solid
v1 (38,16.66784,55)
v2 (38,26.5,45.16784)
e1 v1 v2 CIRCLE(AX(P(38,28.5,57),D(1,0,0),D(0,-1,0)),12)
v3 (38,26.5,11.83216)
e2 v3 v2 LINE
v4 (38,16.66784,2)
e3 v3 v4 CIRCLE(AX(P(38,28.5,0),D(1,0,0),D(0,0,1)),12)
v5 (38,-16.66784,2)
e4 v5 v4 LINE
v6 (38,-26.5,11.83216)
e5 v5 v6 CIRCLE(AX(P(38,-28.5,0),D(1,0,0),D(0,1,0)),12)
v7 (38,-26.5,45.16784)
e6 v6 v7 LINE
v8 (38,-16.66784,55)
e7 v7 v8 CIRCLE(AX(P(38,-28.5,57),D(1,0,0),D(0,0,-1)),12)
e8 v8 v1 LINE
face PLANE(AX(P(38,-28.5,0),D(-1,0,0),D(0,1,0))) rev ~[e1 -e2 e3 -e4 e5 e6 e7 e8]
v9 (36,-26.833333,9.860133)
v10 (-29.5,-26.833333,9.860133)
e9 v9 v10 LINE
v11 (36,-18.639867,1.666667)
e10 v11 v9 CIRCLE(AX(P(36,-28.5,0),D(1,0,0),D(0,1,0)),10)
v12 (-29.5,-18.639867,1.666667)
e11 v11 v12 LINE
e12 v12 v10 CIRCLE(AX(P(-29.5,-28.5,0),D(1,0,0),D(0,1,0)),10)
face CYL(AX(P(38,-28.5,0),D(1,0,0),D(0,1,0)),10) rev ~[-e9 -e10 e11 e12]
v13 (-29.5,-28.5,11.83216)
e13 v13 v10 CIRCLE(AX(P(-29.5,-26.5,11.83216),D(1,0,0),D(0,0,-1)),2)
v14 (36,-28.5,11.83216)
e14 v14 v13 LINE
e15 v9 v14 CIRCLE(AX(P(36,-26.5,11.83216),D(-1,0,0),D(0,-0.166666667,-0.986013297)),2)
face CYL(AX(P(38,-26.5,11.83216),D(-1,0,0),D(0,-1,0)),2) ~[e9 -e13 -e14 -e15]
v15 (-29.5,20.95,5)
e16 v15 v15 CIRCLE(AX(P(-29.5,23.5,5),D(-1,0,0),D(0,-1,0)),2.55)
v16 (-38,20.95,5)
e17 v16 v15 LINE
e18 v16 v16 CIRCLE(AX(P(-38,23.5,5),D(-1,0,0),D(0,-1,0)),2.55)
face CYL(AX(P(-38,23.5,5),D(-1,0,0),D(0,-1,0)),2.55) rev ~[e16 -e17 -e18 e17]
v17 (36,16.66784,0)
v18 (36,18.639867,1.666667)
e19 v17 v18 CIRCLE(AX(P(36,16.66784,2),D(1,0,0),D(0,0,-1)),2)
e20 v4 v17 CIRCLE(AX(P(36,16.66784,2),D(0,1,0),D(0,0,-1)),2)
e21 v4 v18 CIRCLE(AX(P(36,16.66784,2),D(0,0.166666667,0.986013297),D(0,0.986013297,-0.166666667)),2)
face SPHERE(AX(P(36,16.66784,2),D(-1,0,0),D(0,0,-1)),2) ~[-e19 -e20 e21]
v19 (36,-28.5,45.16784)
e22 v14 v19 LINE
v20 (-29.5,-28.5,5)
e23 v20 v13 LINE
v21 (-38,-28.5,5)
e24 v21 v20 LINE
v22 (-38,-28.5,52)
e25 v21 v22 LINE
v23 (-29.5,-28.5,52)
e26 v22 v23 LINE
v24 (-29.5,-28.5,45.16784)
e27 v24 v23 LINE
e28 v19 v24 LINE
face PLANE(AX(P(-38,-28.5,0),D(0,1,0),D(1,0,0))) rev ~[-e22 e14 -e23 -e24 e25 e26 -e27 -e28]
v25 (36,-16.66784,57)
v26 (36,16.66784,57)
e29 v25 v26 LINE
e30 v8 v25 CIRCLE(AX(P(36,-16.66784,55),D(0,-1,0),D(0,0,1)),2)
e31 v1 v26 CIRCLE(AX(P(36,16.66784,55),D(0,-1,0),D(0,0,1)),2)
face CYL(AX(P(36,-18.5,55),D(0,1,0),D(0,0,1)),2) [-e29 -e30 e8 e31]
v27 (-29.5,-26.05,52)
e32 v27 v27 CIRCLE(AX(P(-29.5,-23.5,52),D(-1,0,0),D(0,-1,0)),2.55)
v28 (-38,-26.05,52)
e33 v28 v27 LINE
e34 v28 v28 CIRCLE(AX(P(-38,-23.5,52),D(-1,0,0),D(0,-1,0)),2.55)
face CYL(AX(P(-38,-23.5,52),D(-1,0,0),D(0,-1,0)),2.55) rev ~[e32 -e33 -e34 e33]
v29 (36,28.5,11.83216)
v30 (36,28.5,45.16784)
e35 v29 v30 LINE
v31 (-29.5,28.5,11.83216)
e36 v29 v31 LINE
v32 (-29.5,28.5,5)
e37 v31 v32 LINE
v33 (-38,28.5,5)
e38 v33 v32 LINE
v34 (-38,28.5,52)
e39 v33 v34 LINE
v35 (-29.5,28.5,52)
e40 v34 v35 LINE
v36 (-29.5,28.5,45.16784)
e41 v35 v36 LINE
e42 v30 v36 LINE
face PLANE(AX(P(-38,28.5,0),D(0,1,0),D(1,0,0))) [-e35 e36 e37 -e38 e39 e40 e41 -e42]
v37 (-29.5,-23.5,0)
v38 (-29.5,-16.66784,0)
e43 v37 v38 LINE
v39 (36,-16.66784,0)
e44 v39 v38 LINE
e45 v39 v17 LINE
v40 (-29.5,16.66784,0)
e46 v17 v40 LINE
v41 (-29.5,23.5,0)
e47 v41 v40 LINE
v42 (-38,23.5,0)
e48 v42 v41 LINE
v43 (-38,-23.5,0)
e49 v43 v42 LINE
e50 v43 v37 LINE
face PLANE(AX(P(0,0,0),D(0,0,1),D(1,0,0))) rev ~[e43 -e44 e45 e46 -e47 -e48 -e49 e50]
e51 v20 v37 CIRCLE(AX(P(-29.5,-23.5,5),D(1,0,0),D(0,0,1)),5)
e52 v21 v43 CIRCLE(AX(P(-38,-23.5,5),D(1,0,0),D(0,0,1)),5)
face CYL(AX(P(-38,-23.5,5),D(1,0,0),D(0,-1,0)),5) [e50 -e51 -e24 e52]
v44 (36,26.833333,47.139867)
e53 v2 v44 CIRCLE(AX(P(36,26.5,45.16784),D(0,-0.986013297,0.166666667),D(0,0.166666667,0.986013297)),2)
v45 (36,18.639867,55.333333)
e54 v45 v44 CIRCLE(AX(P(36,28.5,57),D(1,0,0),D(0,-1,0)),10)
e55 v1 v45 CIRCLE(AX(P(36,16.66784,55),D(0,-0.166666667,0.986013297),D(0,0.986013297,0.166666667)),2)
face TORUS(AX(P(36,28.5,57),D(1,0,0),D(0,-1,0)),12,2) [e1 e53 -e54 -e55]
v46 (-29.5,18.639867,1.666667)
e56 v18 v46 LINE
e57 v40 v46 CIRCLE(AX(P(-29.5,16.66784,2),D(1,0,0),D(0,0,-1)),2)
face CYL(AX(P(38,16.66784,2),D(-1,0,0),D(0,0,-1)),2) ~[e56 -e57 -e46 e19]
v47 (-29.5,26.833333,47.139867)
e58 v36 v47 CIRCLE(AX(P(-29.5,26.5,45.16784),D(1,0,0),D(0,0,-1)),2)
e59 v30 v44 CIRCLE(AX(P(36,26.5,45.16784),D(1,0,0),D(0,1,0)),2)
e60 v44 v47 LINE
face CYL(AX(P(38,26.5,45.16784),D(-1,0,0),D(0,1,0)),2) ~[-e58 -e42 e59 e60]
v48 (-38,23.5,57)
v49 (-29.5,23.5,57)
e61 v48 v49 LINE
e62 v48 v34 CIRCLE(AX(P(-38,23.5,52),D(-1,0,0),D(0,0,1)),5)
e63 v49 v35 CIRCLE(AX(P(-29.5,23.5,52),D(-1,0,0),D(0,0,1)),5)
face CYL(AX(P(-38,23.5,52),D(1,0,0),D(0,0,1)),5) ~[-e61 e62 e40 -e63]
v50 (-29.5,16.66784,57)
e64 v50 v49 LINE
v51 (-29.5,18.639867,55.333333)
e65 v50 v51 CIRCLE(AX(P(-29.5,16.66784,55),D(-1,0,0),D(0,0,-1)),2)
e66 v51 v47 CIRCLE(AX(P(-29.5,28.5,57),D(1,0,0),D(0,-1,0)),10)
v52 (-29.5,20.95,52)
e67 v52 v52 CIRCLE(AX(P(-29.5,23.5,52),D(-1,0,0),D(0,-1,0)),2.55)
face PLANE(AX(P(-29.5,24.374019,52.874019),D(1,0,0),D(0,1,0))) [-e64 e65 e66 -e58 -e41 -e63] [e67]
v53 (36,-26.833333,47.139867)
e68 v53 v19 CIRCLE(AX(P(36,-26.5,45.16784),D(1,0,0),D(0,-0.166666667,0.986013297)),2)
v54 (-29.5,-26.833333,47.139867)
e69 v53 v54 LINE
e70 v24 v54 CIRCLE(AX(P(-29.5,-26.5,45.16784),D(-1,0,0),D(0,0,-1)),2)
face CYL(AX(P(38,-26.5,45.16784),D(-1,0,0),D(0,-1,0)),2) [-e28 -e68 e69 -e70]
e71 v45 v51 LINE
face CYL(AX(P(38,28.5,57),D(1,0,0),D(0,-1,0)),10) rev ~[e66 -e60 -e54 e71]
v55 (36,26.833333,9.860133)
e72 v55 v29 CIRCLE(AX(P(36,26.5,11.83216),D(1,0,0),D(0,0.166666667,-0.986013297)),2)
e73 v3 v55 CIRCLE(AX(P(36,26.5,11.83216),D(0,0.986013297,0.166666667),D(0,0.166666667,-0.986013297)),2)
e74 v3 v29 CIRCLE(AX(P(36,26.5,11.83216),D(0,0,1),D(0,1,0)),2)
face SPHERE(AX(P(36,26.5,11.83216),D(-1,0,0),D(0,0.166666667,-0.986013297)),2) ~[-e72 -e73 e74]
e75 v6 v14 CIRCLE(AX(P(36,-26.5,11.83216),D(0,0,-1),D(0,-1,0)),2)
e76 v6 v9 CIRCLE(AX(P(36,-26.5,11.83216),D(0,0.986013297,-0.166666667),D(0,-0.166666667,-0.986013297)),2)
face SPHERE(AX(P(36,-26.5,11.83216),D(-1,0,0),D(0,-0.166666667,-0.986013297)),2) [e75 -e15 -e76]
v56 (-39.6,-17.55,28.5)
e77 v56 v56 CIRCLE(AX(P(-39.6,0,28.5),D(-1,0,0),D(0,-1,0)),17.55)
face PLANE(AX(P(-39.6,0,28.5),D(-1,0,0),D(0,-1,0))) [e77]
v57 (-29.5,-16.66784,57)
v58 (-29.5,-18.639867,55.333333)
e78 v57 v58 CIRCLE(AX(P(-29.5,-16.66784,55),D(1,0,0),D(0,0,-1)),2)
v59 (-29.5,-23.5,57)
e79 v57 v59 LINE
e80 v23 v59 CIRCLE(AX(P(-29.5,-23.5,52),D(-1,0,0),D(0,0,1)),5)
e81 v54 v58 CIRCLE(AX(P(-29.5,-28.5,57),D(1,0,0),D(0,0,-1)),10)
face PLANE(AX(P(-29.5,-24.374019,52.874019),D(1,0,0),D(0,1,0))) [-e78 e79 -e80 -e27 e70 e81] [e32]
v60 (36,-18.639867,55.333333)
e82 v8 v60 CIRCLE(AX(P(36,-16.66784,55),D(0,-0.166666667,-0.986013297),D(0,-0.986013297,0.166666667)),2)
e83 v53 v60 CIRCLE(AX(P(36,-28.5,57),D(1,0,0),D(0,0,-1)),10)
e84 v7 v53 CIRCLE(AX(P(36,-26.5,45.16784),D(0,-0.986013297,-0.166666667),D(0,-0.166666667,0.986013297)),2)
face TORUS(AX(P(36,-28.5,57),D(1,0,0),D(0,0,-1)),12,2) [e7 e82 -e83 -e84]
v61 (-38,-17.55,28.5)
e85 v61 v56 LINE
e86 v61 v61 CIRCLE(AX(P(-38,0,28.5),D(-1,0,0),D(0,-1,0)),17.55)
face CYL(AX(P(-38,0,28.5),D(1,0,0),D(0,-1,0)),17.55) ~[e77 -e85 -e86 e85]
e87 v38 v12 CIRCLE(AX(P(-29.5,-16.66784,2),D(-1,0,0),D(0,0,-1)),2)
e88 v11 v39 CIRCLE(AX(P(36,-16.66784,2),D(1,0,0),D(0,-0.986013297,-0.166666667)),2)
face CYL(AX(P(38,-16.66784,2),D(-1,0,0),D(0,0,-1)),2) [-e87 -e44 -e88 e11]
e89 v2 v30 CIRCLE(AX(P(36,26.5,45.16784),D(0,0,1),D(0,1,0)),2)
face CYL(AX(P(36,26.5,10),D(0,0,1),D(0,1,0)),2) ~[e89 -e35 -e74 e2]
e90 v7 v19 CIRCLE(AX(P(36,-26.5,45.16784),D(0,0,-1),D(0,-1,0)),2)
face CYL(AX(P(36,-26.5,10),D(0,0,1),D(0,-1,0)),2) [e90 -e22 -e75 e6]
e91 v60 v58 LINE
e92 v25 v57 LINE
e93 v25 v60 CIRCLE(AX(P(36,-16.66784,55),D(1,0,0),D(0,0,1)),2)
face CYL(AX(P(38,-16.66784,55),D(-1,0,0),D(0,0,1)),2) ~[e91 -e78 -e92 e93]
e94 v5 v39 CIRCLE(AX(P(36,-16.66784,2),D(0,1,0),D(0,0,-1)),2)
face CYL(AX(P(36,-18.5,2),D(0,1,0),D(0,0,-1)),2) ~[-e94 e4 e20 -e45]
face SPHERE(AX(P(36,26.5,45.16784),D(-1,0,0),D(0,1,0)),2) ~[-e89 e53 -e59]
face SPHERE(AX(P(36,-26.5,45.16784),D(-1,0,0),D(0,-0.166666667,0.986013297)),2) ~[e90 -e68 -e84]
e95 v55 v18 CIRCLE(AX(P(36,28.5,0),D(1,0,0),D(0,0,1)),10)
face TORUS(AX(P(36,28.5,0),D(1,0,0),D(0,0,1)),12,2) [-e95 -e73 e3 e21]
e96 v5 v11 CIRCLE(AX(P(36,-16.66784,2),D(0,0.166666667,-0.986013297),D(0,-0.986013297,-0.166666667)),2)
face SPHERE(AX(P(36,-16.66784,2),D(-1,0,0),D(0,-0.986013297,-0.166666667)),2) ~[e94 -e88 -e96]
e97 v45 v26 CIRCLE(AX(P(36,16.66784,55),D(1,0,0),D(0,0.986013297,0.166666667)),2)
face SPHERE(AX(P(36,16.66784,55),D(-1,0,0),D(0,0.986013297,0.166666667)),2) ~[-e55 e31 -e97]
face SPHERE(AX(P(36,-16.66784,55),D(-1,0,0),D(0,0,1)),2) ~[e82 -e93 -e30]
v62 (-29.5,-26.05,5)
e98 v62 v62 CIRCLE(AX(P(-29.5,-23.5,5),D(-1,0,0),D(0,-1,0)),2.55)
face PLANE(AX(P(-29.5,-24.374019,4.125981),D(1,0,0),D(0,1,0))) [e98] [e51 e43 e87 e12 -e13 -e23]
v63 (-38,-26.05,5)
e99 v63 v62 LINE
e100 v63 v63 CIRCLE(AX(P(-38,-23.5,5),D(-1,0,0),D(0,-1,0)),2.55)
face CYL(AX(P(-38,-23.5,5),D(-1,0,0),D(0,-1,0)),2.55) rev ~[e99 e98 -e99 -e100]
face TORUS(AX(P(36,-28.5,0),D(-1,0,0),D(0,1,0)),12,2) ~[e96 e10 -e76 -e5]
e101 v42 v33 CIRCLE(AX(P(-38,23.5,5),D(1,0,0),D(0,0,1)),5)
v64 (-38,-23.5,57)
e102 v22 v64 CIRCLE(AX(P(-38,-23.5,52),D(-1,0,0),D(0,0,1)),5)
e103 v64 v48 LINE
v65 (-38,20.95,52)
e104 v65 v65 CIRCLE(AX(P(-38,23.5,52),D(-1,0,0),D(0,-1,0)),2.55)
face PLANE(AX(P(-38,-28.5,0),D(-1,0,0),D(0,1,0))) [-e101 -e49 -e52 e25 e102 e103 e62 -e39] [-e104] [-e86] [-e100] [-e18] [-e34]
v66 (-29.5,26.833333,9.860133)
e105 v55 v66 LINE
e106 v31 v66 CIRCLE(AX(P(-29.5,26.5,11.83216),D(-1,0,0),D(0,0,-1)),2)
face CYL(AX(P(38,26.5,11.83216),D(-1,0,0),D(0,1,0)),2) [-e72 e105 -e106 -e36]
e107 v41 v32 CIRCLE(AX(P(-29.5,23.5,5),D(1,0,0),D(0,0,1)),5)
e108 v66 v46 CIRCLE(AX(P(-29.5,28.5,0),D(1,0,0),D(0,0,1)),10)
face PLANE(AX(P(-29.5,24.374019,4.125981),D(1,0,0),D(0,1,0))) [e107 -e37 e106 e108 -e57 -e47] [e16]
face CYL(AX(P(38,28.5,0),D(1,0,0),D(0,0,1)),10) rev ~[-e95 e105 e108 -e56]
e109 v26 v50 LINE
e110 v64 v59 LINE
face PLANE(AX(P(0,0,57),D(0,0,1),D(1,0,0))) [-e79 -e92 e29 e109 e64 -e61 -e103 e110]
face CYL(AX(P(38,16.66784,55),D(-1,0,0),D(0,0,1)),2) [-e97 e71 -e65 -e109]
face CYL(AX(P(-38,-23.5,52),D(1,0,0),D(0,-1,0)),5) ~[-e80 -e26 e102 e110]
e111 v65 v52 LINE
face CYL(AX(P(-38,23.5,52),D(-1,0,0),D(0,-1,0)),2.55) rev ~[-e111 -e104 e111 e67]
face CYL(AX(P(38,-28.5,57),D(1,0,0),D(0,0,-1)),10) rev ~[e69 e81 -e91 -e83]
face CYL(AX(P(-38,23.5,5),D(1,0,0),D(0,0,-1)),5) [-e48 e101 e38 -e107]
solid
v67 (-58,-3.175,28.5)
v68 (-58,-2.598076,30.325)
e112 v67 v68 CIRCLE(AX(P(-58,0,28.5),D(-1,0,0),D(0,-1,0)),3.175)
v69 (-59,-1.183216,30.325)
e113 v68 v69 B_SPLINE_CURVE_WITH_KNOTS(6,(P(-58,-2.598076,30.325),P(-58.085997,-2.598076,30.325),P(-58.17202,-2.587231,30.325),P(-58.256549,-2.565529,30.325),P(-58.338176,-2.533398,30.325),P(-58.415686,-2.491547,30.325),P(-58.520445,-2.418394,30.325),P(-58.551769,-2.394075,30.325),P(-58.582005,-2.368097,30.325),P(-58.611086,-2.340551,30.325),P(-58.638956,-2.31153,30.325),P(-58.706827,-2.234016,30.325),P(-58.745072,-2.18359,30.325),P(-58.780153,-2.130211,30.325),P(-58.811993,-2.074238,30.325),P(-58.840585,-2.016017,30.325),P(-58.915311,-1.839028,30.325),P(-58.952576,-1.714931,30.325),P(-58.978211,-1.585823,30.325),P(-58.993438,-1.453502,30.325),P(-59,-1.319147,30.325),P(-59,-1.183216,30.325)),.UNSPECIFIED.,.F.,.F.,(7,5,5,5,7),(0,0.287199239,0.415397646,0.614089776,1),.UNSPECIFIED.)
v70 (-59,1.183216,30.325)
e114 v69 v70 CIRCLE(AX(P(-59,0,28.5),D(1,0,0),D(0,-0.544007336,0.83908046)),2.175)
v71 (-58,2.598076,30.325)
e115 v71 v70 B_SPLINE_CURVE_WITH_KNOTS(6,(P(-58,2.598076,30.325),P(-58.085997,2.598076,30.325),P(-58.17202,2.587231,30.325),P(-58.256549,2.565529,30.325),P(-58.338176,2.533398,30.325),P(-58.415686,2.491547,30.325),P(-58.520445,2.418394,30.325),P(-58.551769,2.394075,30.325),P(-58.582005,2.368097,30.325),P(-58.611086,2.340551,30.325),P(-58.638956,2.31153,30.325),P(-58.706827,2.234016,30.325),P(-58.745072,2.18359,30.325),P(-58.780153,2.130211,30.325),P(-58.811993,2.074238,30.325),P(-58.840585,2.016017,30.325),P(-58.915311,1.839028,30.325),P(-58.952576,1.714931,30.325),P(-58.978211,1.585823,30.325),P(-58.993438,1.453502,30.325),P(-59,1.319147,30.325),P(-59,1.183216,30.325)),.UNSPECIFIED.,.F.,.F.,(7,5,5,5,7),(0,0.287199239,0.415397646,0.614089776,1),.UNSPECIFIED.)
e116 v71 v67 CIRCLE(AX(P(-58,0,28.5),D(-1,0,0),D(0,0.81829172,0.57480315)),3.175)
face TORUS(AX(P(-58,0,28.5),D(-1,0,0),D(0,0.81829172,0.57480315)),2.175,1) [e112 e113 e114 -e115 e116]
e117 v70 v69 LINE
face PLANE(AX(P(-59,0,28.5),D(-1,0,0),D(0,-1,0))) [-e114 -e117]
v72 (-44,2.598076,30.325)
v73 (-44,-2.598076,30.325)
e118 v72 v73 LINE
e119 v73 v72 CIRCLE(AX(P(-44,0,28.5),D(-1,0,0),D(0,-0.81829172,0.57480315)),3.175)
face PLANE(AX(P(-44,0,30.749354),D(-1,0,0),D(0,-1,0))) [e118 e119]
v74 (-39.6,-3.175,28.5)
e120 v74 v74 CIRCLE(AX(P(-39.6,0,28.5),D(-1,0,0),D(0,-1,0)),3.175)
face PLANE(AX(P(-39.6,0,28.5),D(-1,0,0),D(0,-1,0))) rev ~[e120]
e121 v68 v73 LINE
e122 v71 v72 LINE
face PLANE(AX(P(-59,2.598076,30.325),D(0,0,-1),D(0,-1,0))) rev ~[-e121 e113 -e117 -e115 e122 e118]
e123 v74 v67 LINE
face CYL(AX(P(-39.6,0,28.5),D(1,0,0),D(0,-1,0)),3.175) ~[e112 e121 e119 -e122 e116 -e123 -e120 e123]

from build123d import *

# Parameters (mm, degrees)
F0_W      = 76
F0_H      = 57
F1_DEPTH  = 57
F2_R      = 17.55
F3_DEPTH  = 1.6
F4_R      = 2.55
F5_DEPTH  = 25
F7_DEPTH  = 67.5
F8_R      = 5
F9_R      = 2
F10_R     = 3.175
F11_DEPTH = 19.4
F13_DEPTH = 15
F14_R     = 1


with BuildPart() as f1:
    # F0 (on Top) → F1 (new body)
    with BuildSketch(Plane.XY):
        Rectangle(F0_W, F0_H)
    extrude(amount=F1_DEPTH)

    # F2 (on face) → F3 (join)
    with BuildSketch(Plane(origin=(-38, 0, 0), x_dir=(0, -1, 0), z_dir=(-1, 0, 0))):
        with Locations((0, 28.5)):
            Circle(F2_R)
    extrude(amount=F3_DEPTH)

    # F4 (on face) → F5 (cut)
    with BuildSketch(Plane(origin=(-38, 0, 0), x_dir=(0, -1, 0), z_dir=(-1, 0, 0))):
        with Locations((-23.5, 52)):
            Circle(F4_R)
        with Locations((23.5, 52)):
            Circle(F4_R)
        with Locations((23.5, 5)):
            Circle(F4_R)
        with Locations((-23.5, 5)):
            Circle(F4_R)
    extrude(amount=-F5_DEPTH, mode=Mode.SUBTRACT)

    # F6 (on face) → F7 (cut)
    with BuildSketch(Plane.YZ.offset(38)):
        with BuildLine():
            Line((-28.5, 57), (-28.5, 47))
            ThreePointArc((-28.5, 47), (-21.4289321881, 49.9289321881), (-18.5, 57))
            Line((-18.5, 57), (-28.5, 57))
        make_face()
        with BuildLine():
            Line((-28.5, 0), (-18.5, 0))
            ThreePointArc((-18.5, 0), (-21.4289321881, 7.0710678119), (-28.5, 10))
            Line((-28.5, 10), (-28.5, 0))
        make_face()
        with BuildLine():
            Line((28.5, 0), (28.5, 10))
            ThreePointArc((28.5, 10), (21.4289321881, 7.0710678119), (18.5, 0))
            Line((18.5, 0), (28.5, 0))
        make_face()
        with BuildLine():
            Line((28.5, 57), (18.5, 57))
            ThreePointArc((18.5, 57), (21.4289321881, 49.9289321881), (28.5, 47))
            Line((28.5, 47), (28.5, 57))
        make_face()
    extrude(amount=-F7_DEPTH, mode=Mode.SUBTRACT)

    # F8
    f8_edges = [f1.edges().sort_by_distance(p)[0] for p in [
        (-33.75, -28.5, 57),
        (-33.75, 28.5, 57),
        (-33.75, 28.5, 0),
        (-33.75, -28.5, 0),
    ]]
    fillet(f8_edges, radius=F8_R)

    # F9
    f9_edges = [f1.edges().sort_by_distance(p)[0] for p in [
        (4.25, -18.5, 57),
        (4.25, -28.5, 47),
        (4.25, -28.5, 10),
        (4.25, -18.5, 0),
        (4.25, 18.5, 57),
        (4.25, 28.5, 47),
        (4.25, 28.5, 10),
        (4.25, 18.5, 0),
        (38, -21.428932, 7.071068),
        (38, 0, 0),
        (38, 21.428932, 7.071068),
        (38, 28.5, 28.5),
        (38, 21.428932, 49.928932),
        (38, 0, 57),
        (38, -21.428932, 49.928932),
        (38, -28.5, 28.5),
    ]]
    fillet(f9_edges, radius=F9_R)


with BuildPart() as f11:
    # F10 (on face) → F11 (new body)
    with BuildSketch(Plane(origin=(-39.6, 0, 0), x_dir=(0, -1, 0), z_dir=(-1, 0, 0))):
        with Locations((0, 28.5)):
            Circle(F10_R)
    extrude(amount=F11_DEPTH)

    # F12 (on face) → F13 (cut)
    with BuildSketch(Plane(origin=(-59, 0, 0), x_dir=(0, -1, 0), z_dir=(-1, 0, 0))):
        with BuildLine():
            ThreePointArc((2.5980762114, 30.325), (0, 31.675), (-2.5980762114, 30.325))
            Line((-2.5980762114, 30.325), (2.5980762114, 30.325))
        make_face()
    extrude(amount=-F13_DEPTH, mode=Mode.SUBTRACT)

    # F14
    f14_edges = [f11.edges().sort_by_distance(p)[0] for p in [
        (-59, 0.957009, 25.472665),
    ]]
    fillet(f14_edges, radius=F14_R)


solid = Compound([f1.part, f11.part])
